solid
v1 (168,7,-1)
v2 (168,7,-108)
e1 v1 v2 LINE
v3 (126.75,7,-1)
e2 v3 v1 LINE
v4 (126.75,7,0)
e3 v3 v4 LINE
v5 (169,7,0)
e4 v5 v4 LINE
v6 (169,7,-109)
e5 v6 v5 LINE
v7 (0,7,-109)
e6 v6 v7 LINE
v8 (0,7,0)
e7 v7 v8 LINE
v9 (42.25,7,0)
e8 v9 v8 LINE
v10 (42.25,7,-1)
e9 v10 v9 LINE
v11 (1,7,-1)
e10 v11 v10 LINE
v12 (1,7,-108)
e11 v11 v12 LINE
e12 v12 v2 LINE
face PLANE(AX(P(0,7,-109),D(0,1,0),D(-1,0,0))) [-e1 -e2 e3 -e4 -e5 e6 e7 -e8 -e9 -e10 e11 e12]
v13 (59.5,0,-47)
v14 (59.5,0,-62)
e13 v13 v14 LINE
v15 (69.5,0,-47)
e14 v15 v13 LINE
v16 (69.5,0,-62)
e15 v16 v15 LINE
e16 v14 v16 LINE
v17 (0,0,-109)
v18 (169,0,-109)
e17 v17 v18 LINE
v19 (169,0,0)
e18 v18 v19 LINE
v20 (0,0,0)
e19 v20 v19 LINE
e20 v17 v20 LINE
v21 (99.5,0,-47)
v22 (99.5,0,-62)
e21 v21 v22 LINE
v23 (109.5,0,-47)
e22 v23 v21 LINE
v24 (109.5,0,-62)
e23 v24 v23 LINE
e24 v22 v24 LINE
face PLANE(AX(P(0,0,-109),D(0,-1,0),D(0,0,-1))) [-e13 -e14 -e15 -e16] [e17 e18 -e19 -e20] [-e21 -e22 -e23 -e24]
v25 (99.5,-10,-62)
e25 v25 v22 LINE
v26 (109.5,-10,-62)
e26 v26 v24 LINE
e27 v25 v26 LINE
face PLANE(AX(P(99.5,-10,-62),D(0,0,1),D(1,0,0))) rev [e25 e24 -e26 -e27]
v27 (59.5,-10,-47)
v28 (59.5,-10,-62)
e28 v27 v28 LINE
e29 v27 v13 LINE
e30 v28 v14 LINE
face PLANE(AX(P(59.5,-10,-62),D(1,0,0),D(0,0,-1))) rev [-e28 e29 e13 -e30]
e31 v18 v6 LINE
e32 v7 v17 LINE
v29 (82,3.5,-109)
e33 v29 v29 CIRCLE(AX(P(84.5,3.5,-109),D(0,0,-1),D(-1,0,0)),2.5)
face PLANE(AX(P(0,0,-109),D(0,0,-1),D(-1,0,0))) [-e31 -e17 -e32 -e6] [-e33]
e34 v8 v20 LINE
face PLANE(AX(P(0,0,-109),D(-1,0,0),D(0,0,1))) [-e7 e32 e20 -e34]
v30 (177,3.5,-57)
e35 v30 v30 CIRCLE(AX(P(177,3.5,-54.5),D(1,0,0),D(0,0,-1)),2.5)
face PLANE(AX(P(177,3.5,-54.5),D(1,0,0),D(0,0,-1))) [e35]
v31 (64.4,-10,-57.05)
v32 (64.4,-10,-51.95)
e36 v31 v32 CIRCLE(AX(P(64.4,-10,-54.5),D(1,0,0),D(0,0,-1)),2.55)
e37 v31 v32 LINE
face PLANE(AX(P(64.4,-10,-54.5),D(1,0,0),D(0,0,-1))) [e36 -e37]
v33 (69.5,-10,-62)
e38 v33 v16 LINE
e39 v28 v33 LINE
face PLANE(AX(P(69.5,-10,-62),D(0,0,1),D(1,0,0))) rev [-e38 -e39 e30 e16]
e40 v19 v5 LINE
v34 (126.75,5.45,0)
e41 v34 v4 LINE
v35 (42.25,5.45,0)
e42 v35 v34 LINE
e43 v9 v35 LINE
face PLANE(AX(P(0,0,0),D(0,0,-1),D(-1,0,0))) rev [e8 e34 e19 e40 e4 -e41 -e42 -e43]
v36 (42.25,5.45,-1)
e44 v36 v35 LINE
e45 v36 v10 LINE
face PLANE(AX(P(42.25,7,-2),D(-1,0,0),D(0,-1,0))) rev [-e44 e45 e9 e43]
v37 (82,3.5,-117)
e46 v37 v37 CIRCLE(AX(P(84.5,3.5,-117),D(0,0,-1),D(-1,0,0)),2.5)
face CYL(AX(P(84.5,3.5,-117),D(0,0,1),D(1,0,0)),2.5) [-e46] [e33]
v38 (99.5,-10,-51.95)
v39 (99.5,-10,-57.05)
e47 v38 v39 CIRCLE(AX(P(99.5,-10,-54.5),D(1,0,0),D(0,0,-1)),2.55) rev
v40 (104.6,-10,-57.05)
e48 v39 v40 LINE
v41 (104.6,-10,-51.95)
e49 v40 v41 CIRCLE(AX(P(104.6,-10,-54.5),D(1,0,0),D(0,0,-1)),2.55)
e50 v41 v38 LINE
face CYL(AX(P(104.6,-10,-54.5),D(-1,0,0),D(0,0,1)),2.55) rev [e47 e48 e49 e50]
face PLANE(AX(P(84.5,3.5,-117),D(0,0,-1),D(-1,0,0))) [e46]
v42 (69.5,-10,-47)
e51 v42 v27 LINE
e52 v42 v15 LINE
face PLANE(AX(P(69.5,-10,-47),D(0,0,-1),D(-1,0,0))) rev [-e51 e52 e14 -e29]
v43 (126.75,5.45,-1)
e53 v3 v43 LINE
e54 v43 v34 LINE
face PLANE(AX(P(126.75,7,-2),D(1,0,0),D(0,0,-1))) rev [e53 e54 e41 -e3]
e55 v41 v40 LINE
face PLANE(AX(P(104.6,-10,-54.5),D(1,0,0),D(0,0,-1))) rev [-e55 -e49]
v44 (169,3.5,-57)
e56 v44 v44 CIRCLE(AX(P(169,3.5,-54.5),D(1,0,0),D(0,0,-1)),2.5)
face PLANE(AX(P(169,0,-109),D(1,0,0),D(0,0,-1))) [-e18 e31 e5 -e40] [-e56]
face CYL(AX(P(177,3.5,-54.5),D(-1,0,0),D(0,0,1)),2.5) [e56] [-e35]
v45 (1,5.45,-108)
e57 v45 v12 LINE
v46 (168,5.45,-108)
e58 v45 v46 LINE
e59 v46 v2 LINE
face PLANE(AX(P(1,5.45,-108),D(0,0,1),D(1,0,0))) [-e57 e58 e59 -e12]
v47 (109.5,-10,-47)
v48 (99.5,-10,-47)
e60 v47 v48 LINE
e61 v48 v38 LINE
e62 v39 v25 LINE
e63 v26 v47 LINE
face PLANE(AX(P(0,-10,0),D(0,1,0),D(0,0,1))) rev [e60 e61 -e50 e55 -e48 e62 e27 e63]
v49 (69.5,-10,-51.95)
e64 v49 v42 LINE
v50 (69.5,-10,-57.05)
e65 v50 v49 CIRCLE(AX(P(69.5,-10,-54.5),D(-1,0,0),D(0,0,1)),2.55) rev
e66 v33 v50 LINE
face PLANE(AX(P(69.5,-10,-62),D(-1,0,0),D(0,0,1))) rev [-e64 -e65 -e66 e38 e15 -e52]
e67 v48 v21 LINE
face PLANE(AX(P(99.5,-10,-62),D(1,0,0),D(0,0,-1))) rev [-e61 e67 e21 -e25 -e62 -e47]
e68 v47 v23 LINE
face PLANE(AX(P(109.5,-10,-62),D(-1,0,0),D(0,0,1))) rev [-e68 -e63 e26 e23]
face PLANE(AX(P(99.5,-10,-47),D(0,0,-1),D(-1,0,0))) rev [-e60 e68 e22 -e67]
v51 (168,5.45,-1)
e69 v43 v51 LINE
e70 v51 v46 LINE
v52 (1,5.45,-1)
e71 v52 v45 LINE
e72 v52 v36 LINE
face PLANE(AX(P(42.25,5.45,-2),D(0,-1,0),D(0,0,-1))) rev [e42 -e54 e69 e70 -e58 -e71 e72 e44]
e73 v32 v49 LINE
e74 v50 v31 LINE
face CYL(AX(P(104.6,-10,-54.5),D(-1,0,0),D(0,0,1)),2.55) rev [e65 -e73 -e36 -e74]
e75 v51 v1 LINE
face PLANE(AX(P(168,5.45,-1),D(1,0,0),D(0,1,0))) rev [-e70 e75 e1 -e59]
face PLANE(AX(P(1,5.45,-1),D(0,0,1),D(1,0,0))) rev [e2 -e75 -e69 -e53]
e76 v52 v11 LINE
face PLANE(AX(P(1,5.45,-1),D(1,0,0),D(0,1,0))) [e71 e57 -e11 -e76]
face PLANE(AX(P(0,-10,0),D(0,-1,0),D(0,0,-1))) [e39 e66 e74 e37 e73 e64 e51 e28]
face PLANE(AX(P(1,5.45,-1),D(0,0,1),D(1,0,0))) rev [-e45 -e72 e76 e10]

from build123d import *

# Parameters (mm, degrees)
SKETCH1_W               = 169
SKETCH1_H               = 7
BOSS_EXTRUDE1_DEPTH     = 109
SKETCH3_W               = 165
SKETCH3_H               = 105
CUT_EXTRUDE2_DEPTH      = 1.5
SKETCH4_W               = 84.5
SKETCH4_H               = 1.55
CUT_EXTRUDE3_DEPTH      = 2
SKETCH5_R               = 2.5
BOSS_EXTRUDE2_DEPTH     = 8
SKETCH6_R               = 2.5
BOSS_EXTRUDE3_DEPTH     = 8
SKETCH8_W               = 10
SKETCH8_H               = 15
BOSS_EXTRUDE4_DEPTH     = 10
SKETCH9_R               = 2.55
CUT_EXTRUDE4_DEPTH      = 35.1
CUT_EXTRUDE4_DEPTH_BACK = 5.1
SKETCH10_W              = 167
SKETCH10_H              = 107
CUT_EXTRUDE5_DEPTH      = 1.55


with BuildPart() as part:
    # Sketch1 → Boss-Extrude1 (new body)
    with BuildSketch(Plane.XY):
        with Locations((84.5, 3.5)):
            Rectangle(SKETCH1_W, SKETCH1_H)
    extrude(amount=-BOSS_EXTRUDE1_DEPTH)

    # Sketch3 → Cut-Extrude2 (cut)
    with BuildSketch(Plane(origin=(0, 7, 0), x_dir=(1, 0, 0), z_dir=(0, 1, 0))):
        with Locations((84.5, 54.5)):
            Rectangle(SKETCH3_W, SKETCH3_H)
    extrude(amount=-CUT_EXTRUDE2_DEPTH, mode=Mode.SUBTRACT)

    # Sketch4 → Cut-Extrude3 (cut)
    with BuildSketch(Plane.XY):
        with Locations((84.5, 6.225)):
            Rectangle(SKETCH4_W, SKETCH4_H)
    extrude(amount=-CUT_EXTRUDE3_DEPTH, mode=Mode.SUBTRACT)

    # Sketch5 → Boss-Extrude2 (add)
    with BuildSketch(Plane(origin=(169, 0, 0), x_dir=(0, 0, -1), z_dir=(1, 0, 0))):
        with Locations((54.5, 3.5)):
            Circle(SKETCH5_R)
    extrude(amount=BOSS_EXTRUDE2_DEPTH)

    # Sketch6 → Boss-Extrude3 (add)
    with BuildSketch(Plane(origin=(0, 0, -109), x_dir=(-1, 0, 0), z_dir=(0, 0, -1))):
        with Locations((-84.5, 3.5)):
            Circle(SKETCH6_R)
    extrude(amount=BOSS_EXTRUDE3_DEPTH)

    # Sketch8 → Boss-Extrude4 (add)
    with BuildSketch(Plane.XZ):
        with Locations((104.5, -54.5)):
            Rectangle(SKETCH8_W, SKETCH8_H)
        with Locations((64.5, -54.5)):
            Rectangle(SKETCH8_W, SKETCH8_H)
    extrude(amount=BOSS_EXTRUDE4_DEPTH)

    # Sketch9 → Cut-Extrude4 (cut, two sides)
    with BuildSketch(Plane(origin=(69.5, 0, 0), x_dir=(0, 0, -1), z_dir=(1, 0, 0))) as cut_extrude4_sk:
        with Locations((54.5, -10)):
            Circle(SKETCH9_R)
    extrude(amount=CUT_EXTRUDE4_DEPTH, mode=Mode.SUBTRACT)
    extrude(cut_extrude4_sk.sketch, amount=-CUT_EXTRUDE4_DEPTH_BACK, mode=Mode.SUBTRACT)

    # Sketch10 → Cut-Extrude5 (cut)
    with BuildSketch(Plane(origin=(0, 7, 0), x_dir=(1, 0, 0), z_dir=(0, 1, 0))):
        with Locations((84.5, 54.5)):
            Rectangle(SKETCH10_W, SKETCH10_H)
    extrude(amount=-CUT_EXTRUDE5_DEPTH, mode=Mode.SUBTRACT)


solid = part.part
